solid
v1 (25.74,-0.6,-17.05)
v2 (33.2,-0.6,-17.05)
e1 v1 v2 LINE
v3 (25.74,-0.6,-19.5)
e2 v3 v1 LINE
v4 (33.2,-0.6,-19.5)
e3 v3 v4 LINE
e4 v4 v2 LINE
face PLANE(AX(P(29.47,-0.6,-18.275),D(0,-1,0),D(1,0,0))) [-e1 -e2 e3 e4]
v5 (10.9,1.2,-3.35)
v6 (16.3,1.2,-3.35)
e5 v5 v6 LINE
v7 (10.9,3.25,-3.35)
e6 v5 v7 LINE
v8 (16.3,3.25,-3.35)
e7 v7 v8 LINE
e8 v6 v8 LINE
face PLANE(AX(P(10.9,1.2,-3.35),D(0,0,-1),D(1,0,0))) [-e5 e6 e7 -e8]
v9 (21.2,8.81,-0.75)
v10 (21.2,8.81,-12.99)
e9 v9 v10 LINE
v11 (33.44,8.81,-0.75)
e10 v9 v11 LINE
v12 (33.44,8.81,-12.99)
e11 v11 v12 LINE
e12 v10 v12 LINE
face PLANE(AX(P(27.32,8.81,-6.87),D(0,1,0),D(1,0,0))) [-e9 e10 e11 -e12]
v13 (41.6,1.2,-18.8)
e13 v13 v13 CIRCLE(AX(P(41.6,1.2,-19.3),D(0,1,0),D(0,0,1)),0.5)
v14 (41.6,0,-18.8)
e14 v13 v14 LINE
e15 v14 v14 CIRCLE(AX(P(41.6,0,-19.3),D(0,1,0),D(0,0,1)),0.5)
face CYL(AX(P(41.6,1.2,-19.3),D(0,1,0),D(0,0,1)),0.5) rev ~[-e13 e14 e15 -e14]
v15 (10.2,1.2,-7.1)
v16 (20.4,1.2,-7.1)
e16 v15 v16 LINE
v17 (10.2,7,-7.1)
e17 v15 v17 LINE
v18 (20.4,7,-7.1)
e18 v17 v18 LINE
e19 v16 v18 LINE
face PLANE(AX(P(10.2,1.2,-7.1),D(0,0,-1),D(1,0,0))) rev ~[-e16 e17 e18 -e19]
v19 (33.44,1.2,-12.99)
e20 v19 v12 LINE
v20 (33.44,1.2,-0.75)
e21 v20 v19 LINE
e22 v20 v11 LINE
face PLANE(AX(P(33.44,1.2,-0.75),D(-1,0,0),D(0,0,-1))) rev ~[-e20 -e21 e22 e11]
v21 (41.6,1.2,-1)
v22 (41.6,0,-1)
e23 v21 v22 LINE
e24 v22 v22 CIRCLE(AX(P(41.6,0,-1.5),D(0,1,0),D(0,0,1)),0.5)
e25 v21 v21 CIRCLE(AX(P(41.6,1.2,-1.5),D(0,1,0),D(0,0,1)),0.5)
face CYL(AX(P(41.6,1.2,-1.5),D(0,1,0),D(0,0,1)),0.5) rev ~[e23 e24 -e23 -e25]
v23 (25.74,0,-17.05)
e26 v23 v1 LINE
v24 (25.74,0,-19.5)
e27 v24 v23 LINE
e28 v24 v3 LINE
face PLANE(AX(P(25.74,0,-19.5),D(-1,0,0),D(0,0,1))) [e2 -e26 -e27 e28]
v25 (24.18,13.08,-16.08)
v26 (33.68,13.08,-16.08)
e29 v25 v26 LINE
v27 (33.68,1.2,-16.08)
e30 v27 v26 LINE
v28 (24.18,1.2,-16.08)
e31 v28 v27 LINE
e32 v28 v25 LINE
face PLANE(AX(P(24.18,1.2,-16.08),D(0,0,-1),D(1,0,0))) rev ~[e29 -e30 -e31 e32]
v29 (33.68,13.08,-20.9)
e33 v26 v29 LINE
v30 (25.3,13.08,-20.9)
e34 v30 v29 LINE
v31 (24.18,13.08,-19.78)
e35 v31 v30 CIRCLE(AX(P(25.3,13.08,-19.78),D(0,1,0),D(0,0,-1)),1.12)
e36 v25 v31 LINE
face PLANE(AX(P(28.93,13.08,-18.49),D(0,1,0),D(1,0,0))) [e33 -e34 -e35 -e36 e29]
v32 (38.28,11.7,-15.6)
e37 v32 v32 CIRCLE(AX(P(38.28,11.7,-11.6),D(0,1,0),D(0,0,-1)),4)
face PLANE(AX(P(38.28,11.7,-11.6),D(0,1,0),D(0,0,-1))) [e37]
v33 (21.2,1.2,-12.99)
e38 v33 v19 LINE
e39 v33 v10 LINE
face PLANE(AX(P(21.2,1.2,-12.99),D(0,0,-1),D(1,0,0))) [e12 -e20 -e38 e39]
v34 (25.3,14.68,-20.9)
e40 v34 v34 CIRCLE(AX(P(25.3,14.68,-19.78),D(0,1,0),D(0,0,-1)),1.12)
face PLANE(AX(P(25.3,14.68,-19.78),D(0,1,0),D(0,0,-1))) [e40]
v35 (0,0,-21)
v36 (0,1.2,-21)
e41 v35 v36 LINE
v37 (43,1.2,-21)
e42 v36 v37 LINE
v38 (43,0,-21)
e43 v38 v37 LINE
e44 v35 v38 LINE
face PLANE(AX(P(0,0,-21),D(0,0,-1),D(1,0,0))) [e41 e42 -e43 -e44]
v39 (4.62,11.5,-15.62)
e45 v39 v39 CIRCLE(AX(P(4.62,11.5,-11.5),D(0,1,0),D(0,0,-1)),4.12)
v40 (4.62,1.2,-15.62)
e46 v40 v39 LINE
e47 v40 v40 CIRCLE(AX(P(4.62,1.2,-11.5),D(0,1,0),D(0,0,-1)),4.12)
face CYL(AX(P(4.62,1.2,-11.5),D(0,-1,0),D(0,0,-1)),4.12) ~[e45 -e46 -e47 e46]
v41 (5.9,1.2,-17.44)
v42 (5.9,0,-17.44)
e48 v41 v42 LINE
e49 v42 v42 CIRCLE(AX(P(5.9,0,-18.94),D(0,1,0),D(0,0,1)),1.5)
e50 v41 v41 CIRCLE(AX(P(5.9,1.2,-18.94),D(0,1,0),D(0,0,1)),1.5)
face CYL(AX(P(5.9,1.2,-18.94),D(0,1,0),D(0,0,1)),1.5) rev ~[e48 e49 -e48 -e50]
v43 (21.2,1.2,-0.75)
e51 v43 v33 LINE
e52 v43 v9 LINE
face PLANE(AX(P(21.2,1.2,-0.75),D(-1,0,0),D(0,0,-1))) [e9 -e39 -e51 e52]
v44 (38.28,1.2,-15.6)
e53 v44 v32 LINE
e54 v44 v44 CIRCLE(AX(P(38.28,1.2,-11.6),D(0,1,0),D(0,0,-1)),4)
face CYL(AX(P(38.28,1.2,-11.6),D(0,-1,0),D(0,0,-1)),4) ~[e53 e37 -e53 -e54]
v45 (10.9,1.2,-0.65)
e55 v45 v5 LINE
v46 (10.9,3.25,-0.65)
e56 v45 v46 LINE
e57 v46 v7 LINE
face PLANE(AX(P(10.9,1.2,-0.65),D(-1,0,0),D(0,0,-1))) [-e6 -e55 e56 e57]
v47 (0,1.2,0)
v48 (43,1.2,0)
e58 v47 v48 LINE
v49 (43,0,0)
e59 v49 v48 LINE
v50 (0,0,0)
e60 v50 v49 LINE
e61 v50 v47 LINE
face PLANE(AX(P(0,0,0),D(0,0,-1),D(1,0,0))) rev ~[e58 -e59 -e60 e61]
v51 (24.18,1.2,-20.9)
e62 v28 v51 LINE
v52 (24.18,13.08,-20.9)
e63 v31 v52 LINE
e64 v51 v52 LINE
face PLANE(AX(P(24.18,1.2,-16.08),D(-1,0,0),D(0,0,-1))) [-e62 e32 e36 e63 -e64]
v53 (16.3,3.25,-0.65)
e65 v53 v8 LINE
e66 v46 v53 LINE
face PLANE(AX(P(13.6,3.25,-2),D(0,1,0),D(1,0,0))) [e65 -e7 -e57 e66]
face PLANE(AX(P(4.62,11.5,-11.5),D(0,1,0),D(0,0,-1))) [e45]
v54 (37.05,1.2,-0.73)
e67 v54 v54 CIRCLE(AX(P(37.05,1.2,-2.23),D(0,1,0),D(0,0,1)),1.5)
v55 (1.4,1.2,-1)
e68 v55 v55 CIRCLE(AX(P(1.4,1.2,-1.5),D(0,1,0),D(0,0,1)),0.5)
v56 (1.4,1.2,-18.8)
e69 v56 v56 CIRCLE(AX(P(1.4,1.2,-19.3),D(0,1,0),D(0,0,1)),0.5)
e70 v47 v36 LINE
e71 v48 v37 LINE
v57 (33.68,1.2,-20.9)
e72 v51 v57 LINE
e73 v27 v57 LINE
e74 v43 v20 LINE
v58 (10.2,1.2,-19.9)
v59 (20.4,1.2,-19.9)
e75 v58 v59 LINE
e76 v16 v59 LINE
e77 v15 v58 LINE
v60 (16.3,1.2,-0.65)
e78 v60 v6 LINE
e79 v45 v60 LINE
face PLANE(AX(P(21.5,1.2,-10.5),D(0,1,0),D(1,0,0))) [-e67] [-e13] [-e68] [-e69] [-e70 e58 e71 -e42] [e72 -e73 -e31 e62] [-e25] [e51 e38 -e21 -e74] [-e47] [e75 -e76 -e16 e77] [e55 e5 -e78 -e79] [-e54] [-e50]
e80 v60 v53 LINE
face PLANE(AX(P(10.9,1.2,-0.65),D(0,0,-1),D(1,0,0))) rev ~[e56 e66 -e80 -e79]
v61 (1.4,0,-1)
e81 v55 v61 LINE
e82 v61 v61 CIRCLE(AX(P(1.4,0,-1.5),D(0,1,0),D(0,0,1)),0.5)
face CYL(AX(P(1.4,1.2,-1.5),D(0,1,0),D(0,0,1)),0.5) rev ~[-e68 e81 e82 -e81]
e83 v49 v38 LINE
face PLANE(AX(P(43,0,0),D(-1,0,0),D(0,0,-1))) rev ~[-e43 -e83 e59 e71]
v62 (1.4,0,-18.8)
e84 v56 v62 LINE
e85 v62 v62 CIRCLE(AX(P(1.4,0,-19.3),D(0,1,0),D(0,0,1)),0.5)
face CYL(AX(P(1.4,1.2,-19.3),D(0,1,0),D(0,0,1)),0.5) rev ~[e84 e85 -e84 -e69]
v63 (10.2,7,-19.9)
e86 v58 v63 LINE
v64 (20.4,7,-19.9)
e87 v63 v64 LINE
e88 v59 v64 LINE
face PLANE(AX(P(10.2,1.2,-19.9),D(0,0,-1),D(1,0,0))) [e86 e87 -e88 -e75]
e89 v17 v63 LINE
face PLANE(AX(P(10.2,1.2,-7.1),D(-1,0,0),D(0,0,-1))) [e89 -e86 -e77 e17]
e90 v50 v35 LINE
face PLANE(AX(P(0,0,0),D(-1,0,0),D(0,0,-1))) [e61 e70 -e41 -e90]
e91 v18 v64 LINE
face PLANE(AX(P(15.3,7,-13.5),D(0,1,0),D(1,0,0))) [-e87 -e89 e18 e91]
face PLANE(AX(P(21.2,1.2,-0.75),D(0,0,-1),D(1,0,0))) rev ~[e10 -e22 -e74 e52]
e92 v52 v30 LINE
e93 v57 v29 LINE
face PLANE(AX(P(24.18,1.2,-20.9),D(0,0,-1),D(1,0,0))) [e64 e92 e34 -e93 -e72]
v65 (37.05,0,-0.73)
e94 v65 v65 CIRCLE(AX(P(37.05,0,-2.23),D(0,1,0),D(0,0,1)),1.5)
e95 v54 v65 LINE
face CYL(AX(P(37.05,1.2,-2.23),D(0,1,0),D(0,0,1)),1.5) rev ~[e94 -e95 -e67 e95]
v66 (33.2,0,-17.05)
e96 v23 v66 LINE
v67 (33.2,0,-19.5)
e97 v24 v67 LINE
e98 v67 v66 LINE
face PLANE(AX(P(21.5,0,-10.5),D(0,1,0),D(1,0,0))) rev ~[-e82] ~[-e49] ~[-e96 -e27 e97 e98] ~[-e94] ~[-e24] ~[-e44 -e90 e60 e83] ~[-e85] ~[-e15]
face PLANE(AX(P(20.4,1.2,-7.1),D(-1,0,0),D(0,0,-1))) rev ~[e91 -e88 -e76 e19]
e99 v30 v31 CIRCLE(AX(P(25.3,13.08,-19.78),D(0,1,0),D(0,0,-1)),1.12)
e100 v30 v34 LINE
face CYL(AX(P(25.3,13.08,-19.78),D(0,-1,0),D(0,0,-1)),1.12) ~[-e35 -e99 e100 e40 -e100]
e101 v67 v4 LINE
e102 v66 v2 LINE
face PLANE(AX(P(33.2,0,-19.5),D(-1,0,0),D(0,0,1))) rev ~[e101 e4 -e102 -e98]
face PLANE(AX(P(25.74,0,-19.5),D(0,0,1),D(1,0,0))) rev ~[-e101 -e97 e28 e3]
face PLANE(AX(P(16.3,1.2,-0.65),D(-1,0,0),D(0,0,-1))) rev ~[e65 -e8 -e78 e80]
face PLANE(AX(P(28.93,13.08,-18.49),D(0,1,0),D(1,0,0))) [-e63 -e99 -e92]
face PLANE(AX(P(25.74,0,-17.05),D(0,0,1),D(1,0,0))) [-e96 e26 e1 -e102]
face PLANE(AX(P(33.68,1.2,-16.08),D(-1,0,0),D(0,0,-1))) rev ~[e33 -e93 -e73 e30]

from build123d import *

# Parameters (mm, degrees)
SKETCH1_W           = 43
SKETCH1_H           = 21
BOSS_EXTRUDE1_DEPTH = 1.2
SKETCH2_R           = 0.5
CUT_EXTRUDE1_DEPTH  = 48.868987873
SKETCH3_R           = 1.5
CUT_EXTRUDE2_DEPTH  = 48.868987873
SKETCH4_W           = 9.5
SKETCH4_H           = 4.82
BOSS_EXTRUDE2_DEPTH = 11.88
SKETCH5_R           = 1.12
BOSS_EXTRUDE3_DEPTH = 1.6
SKETCH6_W           = 7.46
SKETCH6_H           = 2.45
BOSS_EXTRUDE4_DEPTH = 0.6
SKETCH7_W           = 12.24
SKETCH7_H           = 12.24
BOSS_EXTRUDE5_DEPTH = 7.61
SKETCH8_W           = 10.2
SKETCH8_H           = 12.8
BOSS_EXTRUDE6_DEPTH = 5.8
SKETCH9_W           = 5.4
SKETCH9_H           = 2.7
BOSS_EXTRUDE7_DEPTH = 2.05
SKETCH10_R          = 4.12
BOSS_EXTRUDE8_DEPTH = 10.3
SKETCH11_R          = 4
BOSS_EXTRUDE9_DEPTH = 10.5


with BuildPart() as part:
    # Sketch1 → Boss-Extrude1 (new body)
    with BuildSketch(Plane(origin=(0, 0, 0), x_dir=(1, 0, 0), z_dir=(0, 1, 0))):
        with Locations((21.5, 10.5)):
            Rectangle(SKETCH1_W, SKETCH1_H)
    extrude(amount=BOSS_EXTRUDE1_DEPTH)

    # Sketch2 → Cut-Extrude1 (cut, through all)
    with BuildSketch(Plane(origin=(0, 1.2, 0), x_dir=(1, 0, 0), z_dir=(0, 1, 0))):
        with Locations((1.4, 19.3)):
            Circle(SKETCH2_R)
        with Locations((1.4, 1.5)):
            Circle(SKETCH2_R)
        with Locations((41.6, 19.3)):
            Circle(SKETCH2_R)
        with Locations((41.6, 1.5)):
            Circle(SKETCH2_R)
    extrude(amount=-CUT_EXTRUDE1_DEPTH, mode=Mode.SUBTRACT)

    # Sketch3 → Cut-Extrude2 (cut, through all)
    with BuildSketch(Plane(origin=(0, 1.2, 0), x_dir=(1, 0, 0), z_dir=(0, 1, 0))):
        with Locations((5.9, 18.94)):
            Circle(SKETCH3_R)
        with Locations((37.05, 2.23)):
            Circle(SKETCH3_R)
    extrude(amount=-CUT_EXTRUDE2_DEPTH, mode=Mode.SUBTRACT)

    # Sketch4 → Boss-Extrude2 (add)
    with BuildSketch(Plane(origin=(0, 1.2, 0), x_dir=(1, 0, 0), z_dir=(0, 1, 0))):
        with Locations((28.93, 18.49)):
            Rectangle(SKETCH4_W, SKETCH4_H)
    extrude(amount=BOSS_EXTRUDE2_DEPTH)

    # Sketch5 → Boss-Extrude3 (add)
    with BuildSketch(Plane(origin=(0, 13.08, 0), x_dir=(1, 0, 0), z_dir=(0, 1, 0))):
        with Locations((25.3, 19.78)):
            Circle(SKETCH5_R)
    extrude(amount=BOSS_EXTRUDE3_DEPTH)

    # Sketch6 → Boss-Extrude4 (add)
    with BuildSketch(Plane.XZ):
        with Locations((29.47, -18.275)):
            Rectangle(SKETCH6_W, SKETCH6_H)
    extrude(amount=BOSS_EXTRUDE4_DEPTH)

    # Sketch7 → Boss-Extrude5 (add)
    with BuildSketch(Plane(origin=(0, 1.2, 0), x_dir=(1, 0, 0), z_dir=(0, 1, 0))):
        with Locations((27.32, 6.87)):
            Rectangle(SKETCH7_W, SKETCH7_H)
    extrude(amount=BOSS_EXTRUDE5_DEPTH)

    # Sketch8 → Boss-Extrude6 (add)
    with BuildSketch(Plane(origin=(0, 1.2, 0), x_dir=(1, 0, 0), z_dir=(0, 1, 0))):
        with Locations((15.3, 13.5)):
            Rectangle(SKETCH8_W, SKETCH8_H)
    extrude(amount=BOSS_EXTRUDE6_DEPTH)

    # Sketch9 → Boss-Extrude7 (add)
    with BuildSketch(Plane(origin=(0, 1.2, 0), x_dir=(1, 0, 0), z_dir=(0, 1, 0))):
        with Locations((13.6, 2)):
            Rectangle(SKETCH9_W, SKETCH9_H)
    extrude(amount=BOSS_EXTRUDE7_DEPTH)

    # Sketch10 → Boss-Extrude8 (add)
    with BuildSketch(Plane(origin=(0, 1.2, 0), x_dir=(1, 0, 0), z_dir=(0, 1, 0))):
        with Locations((4.62, 11.5)):
            Circle(SKETCH10_R)
    extrude(amount=BOSS_EXTRUDE8_DEPTH)

    # Sketch11 → Boss-Extrude9 (add)
    with BuildSketch(Plane(origin=(0, 1.2, 0), x_dir=(1, 0, 0), z_dir=(0, 1, 0))):
        with Locations((38.28, 11.6)):
            Circle(SKETCH11_R)
    extrude(amount=BOSS_EXTRUDE9_DEPTH)


solid = part.part
